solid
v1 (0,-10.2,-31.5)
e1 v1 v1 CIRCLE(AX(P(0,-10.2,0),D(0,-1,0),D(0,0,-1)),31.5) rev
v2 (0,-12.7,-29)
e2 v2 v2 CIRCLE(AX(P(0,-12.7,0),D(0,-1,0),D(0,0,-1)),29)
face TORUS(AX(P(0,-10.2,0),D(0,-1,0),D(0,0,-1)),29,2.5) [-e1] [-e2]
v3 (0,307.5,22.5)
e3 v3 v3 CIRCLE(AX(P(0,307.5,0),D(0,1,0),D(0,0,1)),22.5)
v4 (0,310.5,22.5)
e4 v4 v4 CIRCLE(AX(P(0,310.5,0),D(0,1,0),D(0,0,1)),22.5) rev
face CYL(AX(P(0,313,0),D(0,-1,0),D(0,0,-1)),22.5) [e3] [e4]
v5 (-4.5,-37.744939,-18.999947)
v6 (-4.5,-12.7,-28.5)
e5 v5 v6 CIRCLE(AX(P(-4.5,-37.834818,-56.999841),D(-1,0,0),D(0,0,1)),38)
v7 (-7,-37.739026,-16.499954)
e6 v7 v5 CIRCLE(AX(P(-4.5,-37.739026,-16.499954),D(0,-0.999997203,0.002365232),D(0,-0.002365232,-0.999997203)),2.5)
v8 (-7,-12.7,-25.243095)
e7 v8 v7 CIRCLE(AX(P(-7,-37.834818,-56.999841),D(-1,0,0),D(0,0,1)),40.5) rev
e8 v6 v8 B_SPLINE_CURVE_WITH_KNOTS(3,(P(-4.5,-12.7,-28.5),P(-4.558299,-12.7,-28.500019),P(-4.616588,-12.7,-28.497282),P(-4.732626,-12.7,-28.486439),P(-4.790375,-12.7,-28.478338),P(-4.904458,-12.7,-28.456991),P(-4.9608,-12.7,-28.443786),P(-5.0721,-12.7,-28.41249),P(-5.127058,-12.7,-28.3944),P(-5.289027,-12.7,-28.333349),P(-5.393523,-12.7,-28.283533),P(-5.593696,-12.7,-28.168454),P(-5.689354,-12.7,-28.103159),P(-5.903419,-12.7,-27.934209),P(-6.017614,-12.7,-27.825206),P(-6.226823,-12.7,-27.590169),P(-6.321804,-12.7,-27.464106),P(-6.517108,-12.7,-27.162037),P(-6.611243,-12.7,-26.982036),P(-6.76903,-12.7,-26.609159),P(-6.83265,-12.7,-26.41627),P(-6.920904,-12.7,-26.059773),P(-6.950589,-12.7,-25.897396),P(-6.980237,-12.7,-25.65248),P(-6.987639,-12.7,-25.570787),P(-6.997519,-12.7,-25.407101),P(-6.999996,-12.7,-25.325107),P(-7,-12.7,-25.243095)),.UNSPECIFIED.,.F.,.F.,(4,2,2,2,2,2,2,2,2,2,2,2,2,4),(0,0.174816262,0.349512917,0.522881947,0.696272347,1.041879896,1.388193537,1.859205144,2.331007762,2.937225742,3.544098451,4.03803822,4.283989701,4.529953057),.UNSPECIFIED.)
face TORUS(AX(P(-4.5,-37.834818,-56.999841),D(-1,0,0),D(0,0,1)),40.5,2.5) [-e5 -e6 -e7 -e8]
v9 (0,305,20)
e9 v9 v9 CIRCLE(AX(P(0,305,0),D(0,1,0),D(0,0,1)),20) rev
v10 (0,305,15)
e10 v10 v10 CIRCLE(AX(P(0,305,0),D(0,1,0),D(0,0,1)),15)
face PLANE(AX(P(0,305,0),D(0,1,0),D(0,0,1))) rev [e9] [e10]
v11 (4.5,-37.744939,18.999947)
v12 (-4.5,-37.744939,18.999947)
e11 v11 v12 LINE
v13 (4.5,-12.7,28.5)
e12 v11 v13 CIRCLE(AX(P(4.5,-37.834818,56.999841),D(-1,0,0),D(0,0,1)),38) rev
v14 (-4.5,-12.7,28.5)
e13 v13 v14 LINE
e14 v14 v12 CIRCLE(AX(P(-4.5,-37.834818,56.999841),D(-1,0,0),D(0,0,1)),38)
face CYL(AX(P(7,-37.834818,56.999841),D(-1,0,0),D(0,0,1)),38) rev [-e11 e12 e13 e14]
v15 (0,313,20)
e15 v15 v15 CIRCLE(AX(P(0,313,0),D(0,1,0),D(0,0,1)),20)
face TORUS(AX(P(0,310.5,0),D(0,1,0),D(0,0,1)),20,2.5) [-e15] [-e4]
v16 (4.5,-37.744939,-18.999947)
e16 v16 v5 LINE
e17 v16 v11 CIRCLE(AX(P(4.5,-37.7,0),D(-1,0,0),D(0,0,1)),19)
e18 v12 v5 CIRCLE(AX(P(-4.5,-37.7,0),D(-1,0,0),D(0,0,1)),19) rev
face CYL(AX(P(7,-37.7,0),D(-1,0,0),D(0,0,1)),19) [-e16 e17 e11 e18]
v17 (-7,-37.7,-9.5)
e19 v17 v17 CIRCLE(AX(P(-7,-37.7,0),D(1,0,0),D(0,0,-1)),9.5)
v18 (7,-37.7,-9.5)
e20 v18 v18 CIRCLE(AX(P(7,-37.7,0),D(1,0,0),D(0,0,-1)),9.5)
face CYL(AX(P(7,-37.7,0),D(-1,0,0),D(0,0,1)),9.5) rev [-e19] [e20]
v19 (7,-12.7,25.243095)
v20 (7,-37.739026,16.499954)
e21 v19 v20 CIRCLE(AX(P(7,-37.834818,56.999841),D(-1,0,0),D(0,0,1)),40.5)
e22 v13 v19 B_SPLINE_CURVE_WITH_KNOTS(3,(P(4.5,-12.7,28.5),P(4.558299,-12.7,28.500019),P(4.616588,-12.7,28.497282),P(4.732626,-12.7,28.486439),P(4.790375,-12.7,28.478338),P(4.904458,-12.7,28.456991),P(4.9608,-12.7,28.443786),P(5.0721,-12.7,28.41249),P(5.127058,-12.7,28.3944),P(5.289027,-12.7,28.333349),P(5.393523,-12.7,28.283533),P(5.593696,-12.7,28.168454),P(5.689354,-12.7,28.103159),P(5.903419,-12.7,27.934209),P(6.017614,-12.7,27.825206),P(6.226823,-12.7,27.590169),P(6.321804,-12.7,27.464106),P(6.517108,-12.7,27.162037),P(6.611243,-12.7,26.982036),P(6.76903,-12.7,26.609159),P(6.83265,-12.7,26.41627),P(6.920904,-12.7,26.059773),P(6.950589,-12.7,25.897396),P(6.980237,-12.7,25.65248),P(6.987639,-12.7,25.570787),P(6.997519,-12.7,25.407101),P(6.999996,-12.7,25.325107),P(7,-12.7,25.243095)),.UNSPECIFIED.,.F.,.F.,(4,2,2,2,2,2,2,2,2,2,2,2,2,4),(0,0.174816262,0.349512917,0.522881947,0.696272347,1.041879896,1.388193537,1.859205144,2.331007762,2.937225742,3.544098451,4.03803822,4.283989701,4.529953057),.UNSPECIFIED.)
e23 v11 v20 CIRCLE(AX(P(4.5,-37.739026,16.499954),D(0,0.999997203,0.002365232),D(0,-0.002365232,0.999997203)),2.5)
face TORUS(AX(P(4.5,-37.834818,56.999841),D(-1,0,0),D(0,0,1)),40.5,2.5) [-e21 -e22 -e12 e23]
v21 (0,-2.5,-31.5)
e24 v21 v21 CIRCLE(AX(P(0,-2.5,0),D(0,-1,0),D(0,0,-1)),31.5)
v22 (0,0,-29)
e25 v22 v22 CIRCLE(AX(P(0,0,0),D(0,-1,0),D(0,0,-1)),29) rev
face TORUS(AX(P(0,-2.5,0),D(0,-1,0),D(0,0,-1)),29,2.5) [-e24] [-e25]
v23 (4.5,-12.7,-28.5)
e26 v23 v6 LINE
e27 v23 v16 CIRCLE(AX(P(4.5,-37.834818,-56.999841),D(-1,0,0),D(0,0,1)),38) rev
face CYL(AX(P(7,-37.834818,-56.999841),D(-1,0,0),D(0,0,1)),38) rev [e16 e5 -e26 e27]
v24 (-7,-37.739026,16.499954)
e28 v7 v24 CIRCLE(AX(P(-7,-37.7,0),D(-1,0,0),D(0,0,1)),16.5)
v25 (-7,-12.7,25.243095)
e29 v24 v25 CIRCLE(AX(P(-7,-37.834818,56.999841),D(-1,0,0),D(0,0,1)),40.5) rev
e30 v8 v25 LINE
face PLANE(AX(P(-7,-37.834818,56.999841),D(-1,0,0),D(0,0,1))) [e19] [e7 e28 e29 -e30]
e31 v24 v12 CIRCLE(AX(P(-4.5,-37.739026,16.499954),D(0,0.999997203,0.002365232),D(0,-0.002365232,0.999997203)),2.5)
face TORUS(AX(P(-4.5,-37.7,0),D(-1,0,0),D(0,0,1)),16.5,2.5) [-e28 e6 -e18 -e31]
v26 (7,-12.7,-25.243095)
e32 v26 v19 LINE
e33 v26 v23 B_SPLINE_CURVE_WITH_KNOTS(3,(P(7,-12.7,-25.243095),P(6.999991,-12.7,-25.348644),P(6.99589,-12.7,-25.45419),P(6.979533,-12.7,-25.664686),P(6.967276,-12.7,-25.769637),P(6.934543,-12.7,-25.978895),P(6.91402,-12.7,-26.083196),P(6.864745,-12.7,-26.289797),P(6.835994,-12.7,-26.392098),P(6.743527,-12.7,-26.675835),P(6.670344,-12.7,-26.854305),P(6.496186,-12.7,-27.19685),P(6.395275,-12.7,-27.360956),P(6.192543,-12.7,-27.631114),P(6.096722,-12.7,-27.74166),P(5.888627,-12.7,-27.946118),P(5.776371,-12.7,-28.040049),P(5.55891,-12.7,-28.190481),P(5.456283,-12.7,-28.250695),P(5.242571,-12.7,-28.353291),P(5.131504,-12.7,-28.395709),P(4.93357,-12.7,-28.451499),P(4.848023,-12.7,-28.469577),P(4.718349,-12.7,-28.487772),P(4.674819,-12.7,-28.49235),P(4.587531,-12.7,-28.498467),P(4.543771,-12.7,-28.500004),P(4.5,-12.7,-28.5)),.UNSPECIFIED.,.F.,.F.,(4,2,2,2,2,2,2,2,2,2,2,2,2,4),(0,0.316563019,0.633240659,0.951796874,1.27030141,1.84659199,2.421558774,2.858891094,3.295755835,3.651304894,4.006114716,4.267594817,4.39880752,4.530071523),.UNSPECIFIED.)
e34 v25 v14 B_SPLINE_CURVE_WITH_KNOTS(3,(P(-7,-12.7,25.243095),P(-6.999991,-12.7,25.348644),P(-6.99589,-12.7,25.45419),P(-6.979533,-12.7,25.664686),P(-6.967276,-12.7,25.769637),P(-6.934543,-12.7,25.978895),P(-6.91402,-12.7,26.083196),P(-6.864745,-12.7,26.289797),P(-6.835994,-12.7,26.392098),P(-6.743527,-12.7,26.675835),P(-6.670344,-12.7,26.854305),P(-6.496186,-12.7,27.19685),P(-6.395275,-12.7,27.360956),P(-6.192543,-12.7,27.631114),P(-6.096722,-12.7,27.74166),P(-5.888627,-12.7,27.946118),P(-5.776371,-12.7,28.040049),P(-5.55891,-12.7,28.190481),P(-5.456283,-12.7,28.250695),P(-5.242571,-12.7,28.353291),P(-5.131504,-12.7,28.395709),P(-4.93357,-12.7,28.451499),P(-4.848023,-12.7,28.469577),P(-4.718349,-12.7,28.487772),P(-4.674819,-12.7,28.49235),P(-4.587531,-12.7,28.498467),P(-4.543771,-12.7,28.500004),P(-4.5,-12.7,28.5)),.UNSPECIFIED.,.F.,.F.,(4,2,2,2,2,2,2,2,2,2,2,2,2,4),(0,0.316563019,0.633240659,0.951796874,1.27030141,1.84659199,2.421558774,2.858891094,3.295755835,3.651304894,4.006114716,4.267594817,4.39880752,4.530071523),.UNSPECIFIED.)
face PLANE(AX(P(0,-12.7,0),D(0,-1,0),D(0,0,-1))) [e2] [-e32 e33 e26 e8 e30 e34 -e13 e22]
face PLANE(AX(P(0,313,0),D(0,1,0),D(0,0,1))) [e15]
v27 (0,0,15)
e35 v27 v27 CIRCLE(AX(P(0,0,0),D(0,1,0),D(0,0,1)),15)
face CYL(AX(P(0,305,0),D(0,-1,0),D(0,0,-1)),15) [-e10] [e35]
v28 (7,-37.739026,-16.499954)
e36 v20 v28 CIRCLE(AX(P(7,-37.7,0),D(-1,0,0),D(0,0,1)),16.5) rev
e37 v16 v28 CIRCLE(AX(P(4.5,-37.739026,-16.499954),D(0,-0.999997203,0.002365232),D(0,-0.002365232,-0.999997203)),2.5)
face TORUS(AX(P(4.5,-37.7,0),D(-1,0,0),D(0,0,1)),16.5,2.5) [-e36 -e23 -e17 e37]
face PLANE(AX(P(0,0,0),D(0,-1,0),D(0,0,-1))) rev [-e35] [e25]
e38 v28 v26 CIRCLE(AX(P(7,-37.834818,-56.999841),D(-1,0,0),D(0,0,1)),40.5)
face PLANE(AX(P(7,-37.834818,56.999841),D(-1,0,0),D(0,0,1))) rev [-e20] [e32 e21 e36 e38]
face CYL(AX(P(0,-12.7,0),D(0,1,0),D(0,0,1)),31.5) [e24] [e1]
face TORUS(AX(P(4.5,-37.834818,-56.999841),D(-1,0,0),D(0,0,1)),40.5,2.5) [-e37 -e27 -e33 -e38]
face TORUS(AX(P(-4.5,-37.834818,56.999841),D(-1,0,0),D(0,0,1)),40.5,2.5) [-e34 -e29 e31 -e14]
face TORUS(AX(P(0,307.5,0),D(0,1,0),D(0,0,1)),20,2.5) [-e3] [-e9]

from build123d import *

# Parameters (mm, degrees)
SKETCH1_R           = 15
BOSS_EXTRUDE1_DEPTH = 305
SKETCH2_R           = 22.5
BOSS_EXTRUDE2_DEPTH = 8
SKETCH3_R           = 31.5
BOSS_EXTRUDE3_DEPTH = 12.7
SKETCH4_R           = 9.5
BOSS_EXTRUDE4_DEPTH = 7
FILLET3_R           = 2.5
FILLET4_R           = 2.5
FILLET5_R           = 2.5


with BuildPart() as part:
    # Sketch1 → Boss-Extrude1 (new body)
    with BuildSketch(Plane(origin=(0, 0, 0), x_dir=(1, 0, 0), z_dir=(0, 1, 0))):
        with Locations(Location((0, 0, 0), (0, 0, 270))):
            Circle(SKETCH1_R)
    extrude(amount=BOSS_EXTRUDE1_DEPTH)

    # Sketch2 → Boss-Extrude2 (add)
    with BuildSketch(Plane(origin=(0, 305, 0), x_dir=(1, 0, 0), z_dir=(0, 1, 0))):
        with Locations(Location((0, 0, 0), (0, 0, 270))):
            Circle(SKETCH2_R)
    extrude(amount=BOSS_EXTRUDE2_DEPTH)

    # Sketch3 → Boss-Extrude3 (add)
    with BuildSketch(Plane.XZ):
        with Locations(Location((0, 0, 0), (0, 0, 270))):
            Circle(SKETCH3_R)
    extrude(amount=BOSS_EXTRUDE3_DEPTH)

    # Sketch4 → Boss-Extrude4 (add, symmetric)
    with BuildSketch(Plane(origin=(0, 0, 0), x_dir=(0, 0, -1), z_dir=(1, 0, 0))):
        with BuildLine():
            Line((-28.5, -12.7), (28.5, -12.7))
            ThreePointArc((28.5, -12.7), (21.470051482, -24.357649102), (18.999946854, -37.744939413))
            ThreePointArc((18.999946854, -37.744939413), (0, -56.7), (-18.999946854, -37.744939413))
            ThreePointArc((-18.999946854, -37.744939413), (-21.470051482, -24.357649102), (-28.5, -12.7))
        make_face()
        with Locations((0, -37.7)):
            Circle(SKETCH4_R, mode=Mode.SUBTRACT)
    extrude(amount=BOSS_EXTRUDE4_DEPTH, both=True)

    # Fillet3
    fillet3_edges = [part.edges().sort_by_distance(p)[0] for p in [
        (7, -24.357649102, 21.470051482),
        (7, -56.7, 0),
        (7, -24.357649102, -21.470051482),
        (0, 305, -22.5),
        (0, 313, -22.5),
    ]]
    fillet(fillet3_edges, radius=FILLET3_R)

    # Fillet4
    fillet4_edges = [part.edges().sort_by_distance(p)[0] for p in [
        (-7, -24.357649102, 21.470051482),
        (-7, -56.7, 0),
        (-7, -24.357649102, -21.470051482),
    ]]
    fillet(fillet4_edges, radius=FILLET4_R)

    # Fillet5
    fillet5_edges = [part.edges().sort_by_distance(p)[0] for p in [
        (0, 0, 31.5),
        (0, -12.7, 31.5),
    ]]
    fillet(fillet5_edges, radius=FILLET5_R)


solid = part.part
